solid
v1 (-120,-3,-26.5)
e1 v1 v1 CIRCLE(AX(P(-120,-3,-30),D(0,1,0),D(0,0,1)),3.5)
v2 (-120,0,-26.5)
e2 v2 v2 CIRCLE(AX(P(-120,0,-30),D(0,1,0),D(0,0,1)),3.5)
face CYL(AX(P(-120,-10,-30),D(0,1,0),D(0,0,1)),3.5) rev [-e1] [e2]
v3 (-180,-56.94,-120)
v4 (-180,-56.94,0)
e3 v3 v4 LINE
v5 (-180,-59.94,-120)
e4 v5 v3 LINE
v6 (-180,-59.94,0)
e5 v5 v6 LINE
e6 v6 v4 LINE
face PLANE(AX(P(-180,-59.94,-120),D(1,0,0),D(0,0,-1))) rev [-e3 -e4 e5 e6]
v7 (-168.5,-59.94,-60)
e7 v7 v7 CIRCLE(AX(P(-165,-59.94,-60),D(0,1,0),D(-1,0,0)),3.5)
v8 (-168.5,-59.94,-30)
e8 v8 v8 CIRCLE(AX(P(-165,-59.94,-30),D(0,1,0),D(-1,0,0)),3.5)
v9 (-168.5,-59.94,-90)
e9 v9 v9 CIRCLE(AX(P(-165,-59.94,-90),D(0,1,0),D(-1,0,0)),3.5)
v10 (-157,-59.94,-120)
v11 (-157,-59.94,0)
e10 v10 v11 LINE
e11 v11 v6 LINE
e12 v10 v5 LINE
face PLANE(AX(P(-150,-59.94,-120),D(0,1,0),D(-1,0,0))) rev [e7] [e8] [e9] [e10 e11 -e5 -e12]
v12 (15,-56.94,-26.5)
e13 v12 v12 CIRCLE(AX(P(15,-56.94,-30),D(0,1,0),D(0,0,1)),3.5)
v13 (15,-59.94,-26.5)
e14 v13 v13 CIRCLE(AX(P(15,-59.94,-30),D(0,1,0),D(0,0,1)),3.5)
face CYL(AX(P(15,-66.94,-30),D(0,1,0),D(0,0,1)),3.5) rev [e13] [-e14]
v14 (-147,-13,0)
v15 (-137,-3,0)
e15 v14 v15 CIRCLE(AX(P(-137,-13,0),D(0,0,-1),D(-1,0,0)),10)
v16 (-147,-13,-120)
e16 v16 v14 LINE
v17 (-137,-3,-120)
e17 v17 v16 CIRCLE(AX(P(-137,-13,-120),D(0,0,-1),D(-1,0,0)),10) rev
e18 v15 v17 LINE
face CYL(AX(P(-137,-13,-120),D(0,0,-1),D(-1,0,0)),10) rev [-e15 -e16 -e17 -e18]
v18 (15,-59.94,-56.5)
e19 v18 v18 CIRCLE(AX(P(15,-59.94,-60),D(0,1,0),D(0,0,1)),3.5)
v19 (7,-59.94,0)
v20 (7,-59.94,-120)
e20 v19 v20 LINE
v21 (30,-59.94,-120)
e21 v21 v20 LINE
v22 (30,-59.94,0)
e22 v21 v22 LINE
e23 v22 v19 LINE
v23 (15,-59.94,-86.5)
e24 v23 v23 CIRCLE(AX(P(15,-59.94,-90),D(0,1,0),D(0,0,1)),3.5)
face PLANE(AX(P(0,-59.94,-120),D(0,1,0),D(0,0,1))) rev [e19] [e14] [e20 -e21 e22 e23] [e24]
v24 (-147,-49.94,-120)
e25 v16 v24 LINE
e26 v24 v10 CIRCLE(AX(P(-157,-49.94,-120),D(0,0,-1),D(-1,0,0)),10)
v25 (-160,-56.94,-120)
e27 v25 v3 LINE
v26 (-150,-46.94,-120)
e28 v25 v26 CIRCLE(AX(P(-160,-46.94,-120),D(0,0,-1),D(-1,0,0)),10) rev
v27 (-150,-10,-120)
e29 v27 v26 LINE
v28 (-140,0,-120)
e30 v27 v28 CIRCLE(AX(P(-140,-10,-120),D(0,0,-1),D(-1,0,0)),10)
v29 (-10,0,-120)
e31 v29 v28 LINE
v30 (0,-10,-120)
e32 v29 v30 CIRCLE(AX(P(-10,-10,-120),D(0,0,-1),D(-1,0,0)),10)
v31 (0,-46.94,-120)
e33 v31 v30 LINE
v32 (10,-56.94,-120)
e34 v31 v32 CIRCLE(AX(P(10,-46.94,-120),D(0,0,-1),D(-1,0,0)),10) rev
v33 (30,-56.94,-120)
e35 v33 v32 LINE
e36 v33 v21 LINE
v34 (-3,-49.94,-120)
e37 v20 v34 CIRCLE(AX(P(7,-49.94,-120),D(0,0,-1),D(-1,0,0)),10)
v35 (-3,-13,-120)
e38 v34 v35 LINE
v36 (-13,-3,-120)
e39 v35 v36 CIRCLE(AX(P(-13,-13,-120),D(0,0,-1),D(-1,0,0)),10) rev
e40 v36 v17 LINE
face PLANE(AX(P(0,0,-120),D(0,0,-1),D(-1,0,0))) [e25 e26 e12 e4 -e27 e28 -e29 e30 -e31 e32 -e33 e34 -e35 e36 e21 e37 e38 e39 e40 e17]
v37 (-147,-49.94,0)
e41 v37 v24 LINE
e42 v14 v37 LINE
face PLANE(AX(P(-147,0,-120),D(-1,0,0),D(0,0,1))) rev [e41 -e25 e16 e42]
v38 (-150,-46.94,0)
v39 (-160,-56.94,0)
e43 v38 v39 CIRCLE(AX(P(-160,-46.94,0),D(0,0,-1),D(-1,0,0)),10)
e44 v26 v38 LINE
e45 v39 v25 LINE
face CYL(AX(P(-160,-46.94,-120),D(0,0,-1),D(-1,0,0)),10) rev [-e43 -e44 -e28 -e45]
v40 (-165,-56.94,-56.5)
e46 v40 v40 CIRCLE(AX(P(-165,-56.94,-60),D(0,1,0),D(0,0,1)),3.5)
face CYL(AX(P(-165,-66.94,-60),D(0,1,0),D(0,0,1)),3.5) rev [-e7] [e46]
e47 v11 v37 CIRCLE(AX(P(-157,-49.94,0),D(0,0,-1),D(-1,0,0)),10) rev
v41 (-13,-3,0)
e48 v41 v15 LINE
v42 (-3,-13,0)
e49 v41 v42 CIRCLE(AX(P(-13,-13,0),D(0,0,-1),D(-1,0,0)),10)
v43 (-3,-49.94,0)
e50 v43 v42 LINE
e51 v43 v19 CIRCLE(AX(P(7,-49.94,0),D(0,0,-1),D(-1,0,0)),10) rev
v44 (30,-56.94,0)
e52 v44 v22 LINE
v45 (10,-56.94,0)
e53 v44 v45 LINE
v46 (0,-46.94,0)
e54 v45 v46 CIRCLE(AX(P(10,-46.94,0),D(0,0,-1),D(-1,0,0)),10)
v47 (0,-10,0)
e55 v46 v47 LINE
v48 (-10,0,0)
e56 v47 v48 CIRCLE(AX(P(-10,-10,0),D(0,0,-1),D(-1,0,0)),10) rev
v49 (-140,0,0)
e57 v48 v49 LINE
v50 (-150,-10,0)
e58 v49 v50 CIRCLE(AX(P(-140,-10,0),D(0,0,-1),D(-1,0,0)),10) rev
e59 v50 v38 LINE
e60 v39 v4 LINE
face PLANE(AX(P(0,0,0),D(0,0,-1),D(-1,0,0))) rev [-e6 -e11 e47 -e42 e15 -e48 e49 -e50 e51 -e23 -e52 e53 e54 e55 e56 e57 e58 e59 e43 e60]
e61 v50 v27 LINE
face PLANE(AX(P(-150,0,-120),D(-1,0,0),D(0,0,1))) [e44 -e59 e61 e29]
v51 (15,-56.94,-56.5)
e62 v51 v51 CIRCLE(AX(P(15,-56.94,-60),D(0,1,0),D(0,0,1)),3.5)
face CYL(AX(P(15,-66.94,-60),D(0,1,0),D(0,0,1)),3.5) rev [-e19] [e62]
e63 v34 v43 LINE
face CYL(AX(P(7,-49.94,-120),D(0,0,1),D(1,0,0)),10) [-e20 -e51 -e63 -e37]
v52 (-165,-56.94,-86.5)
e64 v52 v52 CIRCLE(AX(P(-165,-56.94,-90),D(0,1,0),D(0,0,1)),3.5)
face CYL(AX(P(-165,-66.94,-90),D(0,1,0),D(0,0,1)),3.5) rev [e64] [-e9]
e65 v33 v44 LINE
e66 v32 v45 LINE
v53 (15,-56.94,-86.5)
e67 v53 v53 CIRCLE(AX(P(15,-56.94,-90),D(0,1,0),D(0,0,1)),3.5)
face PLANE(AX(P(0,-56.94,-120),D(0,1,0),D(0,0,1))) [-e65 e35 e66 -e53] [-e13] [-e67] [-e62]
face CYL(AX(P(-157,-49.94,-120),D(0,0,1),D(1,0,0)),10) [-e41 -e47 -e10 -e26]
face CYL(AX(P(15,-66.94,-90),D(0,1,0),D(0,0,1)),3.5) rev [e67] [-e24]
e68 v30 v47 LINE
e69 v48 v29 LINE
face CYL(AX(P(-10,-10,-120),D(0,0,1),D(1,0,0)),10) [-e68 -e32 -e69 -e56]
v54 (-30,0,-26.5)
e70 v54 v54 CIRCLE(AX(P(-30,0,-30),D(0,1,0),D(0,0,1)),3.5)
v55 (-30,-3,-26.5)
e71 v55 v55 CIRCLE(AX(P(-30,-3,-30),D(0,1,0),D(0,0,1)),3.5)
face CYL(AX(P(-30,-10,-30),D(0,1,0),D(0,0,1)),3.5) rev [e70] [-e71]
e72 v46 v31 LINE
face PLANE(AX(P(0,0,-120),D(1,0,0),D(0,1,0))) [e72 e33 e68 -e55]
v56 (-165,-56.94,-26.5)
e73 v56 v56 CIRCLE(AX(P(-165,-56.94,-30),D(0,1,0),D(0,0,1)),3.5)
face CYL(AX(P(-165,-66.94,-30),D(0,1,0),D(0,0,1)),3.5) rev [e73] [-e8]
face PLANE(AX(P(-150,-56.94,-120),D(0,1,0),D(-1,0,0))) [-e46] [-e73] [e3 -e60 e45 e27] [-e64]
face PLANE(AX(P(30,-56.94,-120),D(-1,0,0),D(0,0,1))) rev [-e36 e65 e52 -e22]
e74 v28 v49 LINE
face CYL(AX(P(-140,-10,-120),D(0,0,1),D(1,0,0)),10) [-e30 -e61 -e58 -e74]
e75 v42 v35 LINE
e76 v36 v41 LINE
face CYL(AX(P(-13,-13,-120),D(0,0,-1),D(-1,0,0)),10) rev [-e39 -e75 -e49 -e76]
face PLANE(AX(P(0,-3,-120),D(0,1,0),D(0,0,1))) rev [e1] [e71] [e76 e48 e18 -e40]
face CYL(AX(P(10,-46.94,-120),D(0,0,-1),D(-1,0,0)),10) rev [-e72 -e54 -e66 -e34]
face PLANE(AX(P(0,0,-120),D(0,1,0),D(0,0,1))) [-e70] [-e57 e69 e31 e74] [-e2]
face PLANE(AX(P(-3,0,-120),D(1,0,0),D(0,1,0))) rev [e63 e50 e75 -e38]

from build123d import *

# Parameters (mm, degrees)
EXTRUDE_THIN1_DEPTH = 120
SKETCH2_R           = 3.5
CUT_EXTRUDE1_DEPTH  = 10
LPATTERN1_COUNT     = 2
LPATTERN1_PITCH     = 180
SKETCH3_R           = 3.5
CUT_EXTRUDE2_DEPTH  = 10
FILLET1_R           = 10


with BuildPart() as part:
    # Sketch1 → Extrude-Thin1 (new body)
    with BuildSketch(Plane.XY):
        Polygon((30, -56.94), (0, -56.94), (0, 0), (-150, 0), (-150, -56.94), (-180, -56.94), (-180, -59.94), (-147, -59.94), (-147, -3), (-3, -3), (-3, -59.94), (30, -59.94), align=None)
    extrude(amount=-EXTRUDE_THIN1_DEPTH)

    # Sketch2 → Cut-Extrude1 (cut)
    with BuildSketch(Plane(origin=(0, -56.94, 0), x_dir=(1, 0, 0), z_dir=(0, 1, 0))):
        with Locations(Location((15, 30, 0), (0, 0, 270))):
            Circle(SKETCH2_R)
        with Locations(Location((15, 60, 0), (0, 0, 270))):
            Circle(SKETCH2_R)
        with Locations(Location((15, 90, 0), (0, 0, 270))):
            Circle(SKETCH2_R)
    cut_extrude1 = extrude(amount=-CUT_EXTRUDE1_DEPTH, mode=Mode.SUBTRACT)

    # LPattern1: Cut-Extrude1 ×2
    with Locations(*[(-i * LPATTERN1_PITCH, 0, 0) for i in range(1, LPATTERN1_COUNT)]):
        add(cut_extrude1, mode=Mode.SUBTRACT)

    # Sketch3 → Cut-Extrude2 (cut)
    with BuildSketch(Plane(origin=(0, 0, 0), x_dir=(1, 0, 0), z_dir=(0, 1, 0))):
        with Locations(Location((-30, 30, 0), (0, 0, 270))):
            Circle(SKETCH3_R)
        with Locations(Location((-120, 30, 0), (0, 0, 270))):
            Circle(SKETCH3_R)
    extrude(amount=-CUT_EXTRUDE2_DEPTH, mode=Mode.SUBTRACT)

    # Fillet1
    fillet1_edges = [part.edges().sort_by_distance(p)[0] for p in [
        (-150, -56.94, -60),
        (-150, 0, -60),
        (0, 0, -60),
        (0, -56.94, -60),
        (-3, -59.94, -60),
        (-3, -3, -60),
        (-147, -3, -60),
        (-147, -59.94, -60),
    ]]
    fillet(fillet1_edges, radius=FILLET1_R)


solid = part.part
